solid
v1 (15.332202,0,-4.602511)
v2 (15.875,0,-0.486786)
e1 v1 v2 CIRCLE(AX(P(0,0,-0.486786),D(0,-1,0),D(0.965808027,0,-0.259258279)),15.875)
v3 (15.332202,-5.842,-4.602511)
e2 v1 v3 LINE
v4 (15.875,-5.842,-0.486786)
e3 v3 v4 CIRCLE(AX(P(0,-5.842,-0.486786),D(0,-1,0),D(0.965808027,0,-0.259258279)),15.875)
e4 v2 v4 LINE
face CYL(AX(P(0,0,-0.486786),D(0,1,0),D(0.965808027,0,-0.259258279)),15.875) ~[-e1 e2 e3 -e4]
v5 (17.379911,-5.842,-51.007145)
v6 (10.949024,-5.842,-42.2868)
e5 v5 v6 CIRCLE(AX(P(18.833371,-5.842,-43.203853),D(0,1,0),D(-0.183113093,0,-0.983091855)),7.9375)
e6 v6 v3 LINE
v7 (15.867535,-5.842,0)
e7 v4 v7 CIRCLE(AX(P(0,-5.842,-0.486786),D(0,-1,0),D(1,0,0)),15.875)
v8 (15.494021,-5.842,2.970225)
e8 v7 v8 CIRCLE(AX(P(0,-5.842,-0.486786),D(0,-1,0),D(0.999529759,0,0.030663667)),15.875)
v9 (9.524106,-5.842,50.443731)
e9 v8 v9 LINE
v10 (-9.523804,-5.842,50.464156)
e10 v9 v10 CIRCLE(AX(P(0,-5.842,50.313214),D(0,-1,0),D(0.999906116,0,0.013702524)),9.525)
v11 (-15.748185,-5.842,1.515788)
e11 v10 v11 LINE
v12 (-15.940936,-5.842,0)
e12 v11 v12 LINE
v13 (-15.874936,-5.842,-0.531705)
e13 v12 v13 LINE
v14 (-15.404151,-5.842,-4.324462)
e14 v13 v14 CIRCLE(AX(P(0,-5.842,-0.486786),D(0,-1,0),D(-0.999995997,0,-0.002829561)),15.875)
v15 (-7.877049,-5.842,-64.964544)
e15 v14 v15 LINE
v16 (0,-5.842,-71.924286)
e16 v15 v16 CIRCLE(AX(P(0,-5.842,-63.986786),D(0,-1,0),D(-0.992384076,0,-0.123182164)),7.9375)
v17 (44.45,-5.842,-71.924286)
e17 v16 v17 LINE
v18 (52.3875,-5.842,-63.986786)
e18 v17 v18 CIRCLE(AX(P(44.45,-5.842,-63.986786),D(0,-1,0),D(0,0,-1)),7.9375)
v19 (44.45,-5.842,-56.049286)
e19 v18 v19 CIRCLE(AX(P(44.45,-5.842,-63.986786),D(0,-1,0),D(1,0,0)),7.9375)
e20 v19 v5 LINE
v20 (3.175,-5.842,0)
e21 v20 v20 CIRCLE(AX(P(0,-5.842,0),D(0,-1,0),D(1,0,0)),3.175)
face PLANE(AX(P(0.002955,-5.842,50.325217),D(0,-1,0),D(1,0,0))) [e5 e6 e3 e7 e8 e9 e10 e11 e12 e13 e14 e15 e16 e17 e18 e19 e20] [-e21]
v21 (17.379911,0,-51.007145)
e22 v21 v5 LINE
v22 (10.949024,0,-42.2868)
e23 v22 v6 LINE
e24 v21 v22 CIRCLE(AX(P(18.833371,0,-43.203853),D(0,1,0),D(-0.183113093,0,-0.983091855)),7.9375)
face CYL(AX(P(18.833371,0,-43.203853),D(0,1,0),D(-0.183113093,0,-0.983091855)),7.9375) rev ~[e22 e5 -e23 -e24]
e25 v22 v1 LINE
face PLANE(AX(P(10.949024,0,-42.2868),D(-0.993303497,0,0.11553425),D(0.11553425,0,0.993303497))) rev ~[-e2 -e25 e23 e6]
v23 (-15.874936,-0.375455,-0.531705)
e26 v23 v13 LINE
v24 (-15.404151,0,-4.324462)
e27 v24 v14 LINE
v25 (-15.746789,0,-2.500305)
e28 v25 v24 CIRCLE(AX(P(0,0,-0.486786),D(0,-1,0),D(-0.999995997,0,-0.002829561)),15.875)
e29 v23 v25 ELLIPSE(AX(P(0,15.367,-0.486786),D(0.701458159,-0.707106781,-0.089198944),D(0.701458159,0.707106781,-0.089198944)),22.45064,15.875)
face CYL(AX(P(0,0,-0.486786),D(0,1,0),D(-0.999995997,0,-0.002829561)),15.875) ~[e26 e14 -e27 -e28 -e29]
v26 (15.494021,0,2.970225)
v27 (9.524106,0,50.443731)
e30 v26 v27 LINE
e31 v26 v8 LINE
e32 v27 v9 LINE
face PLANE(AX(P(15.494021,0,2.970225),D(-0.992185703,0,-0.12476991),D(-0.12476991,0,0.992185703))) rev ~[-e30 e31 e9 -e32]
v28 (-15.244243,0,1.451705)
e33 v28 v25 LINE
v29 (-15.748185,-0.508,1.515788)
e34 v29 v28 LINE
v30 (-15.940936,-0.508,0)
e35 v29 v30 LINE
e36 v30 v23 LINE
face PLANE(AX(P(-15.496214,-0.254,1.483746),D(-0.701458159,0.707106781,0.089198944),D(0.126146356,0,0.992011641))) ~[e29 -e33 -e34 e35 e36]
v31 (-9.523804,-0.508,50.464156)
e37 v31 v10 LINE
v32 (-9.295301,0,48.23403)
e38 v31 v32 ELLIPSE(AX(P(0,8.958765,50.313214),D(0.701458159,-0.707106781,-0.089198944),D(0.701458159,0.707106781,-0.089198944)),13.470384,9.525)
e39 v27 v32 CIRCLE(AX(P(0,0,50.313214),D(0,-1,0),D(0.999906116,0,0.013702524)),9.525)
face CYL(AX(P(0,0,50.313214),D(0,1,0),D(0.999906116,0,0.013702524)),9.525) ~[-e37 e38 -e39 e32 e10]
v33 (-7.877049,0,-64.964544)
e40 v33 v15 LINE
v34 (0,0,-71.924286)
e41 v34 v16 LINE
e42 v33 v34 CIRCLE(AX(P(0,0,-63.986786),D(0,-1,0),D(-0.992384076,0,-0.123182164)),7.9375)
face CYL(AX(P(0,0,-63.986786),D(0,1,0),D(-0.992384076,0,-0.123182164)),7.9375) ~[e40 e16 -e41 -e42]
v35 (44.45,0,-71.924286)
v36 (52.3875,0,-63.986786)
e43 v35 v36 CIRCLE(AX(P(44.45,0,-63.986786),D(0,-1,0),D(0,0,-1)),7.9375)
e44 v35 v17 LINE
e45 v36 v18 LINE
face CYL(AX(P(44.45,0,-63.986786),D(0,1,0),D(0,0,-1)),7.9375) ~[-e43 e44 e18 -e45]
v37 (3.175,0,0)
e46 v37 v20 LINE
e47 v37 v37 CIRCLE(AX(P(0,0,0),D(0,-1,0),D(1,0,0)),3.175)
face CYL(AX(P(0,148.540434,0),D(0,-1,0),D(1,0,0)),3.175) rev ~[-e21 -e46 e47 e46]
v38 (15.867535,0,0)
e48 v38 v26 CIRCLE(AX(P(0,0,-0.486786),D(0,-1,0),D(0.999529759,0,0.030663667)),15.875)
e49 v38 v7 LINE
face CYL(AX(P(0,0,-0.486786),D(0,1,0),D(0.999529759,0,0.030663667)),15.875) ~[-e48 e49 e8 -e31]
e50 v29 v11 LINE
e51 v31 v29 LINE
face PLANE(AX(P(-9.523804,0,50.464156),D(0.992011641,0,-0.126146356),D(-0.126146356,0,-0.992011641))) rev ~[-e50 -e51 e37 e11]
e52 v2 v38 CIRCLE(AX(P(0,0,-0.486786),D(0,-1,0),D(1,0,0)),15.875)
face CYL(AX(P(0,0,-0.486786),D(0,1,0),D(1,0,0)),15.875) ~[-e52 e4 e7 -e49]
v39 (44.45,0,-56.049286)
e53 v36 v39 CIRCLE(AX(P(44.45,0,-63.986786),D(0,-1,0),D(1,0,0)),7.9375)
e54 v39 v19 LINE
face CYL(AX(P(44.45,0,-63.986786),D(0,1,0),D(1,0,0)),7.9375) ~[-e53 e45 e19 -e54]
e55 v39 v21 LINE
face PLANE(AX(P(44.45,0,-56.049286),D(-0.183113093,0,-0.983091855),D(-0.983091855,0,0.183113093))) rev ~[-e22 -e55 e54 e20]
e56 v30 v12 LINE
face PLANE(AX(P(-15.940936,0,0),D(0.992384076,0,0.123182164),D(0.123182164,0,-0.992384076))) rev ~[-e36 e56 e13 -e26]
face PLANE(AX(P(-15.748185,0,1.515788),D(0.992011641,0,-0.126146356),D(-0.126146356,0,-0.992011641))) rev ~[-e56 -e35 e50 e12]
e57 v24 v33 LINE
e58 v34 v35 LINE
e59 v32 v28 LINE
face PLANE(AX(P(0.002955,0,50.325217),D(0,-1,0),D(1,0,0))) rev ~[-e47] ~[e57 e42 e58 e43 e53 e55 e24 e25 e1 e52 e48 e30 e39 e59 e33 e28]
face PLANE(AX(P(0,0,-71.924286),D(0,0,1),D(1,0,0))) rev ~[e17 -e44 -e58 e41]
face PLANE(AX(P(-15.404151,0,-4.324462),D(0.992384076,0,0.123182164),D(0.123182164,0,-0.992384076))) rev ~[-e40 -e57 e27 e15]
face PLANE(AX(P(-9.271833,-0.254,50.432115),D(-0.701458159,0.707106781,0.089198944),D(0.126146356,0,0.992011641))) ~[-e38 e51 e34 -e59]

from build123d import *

# Parameters (mm, degrees)
F1_DEPTH = 5.842
F3_D     = 6.35
F4_SIZE  = 0.508


with BuildPart() as f1:
    # F0 (on Front) → F1 (new body)
    with BuildSketch(Plane.XZ):
        with BuildLine():
            ThreePointArc((-9.5238039492, 50.4641557941), (-0.0754731213, 40.7885133075), (9.525, 50.3132142901))
            ThreePointArc((9.525, 50.3132142901), (9.5247764361, 50.3784740944), (9.524105755, 50.4437308352))
            ThreePointArc((9.524105755, 50.4437308352), (0.0102135943, 59.8382088142), (-9.5238039492, 50.4641557941))
        make_face()
        with BuildLine():
            ThreePointArc((9.524105755, 50.4437308352), (9.5247764361, 50.3784740944), (9.525, 50.3132142901))
            ThreePointArc((9.525, 50.3132142901), (-0.0754731213, 40.7885133075), (-9.5238039492, 50.4641557941))
            Line((-9.5238039492, 50.4641557941), (-15.7481848278, 1.515787542))
            ThreePointArc((-15.7481848278, 1.515787542), (-0.7382390734, 15.3710397423), (15.4940214613, 2.9702251313))
            Line((15.4940214613, 2.9702251313), (9.524105755, 50.4437308352))
        make_face()
        with BuildLine():
            Line((15.8675349274, 0), (15.4940214613, 2.9702251313))
            ThreePointArc((15.4940214613, 2.9702251313), (-0.7382390734, 15.3710397423), (-15.7481848278, 1.515787542))
            ThreePointArc((-15.7481848278, 1.515787542), (-15.8446680698, 0.4940908149), (-15.8749364489, -0.5317049948))
            Line((-15.8749364489, -0.5317049948), (-15.404151012, -4.3244616471))
            ThreePointArc((-15.404151012, -4.3244616471), (-0.1436036046, -16.3611361849), (15.332202426, -4.602510891))
            Line((15.332202426, -4.602510891), (15.8675349274, 0))
        make_face()
        with BuildLine():
            ThreePointArc((15.8675349274, 0), (15.7509480386, 1.4939366044), (15.4940214613, 2.9702251313))
            Line((15.4940214613, 2.9702251313), (15.8675349274, 0))
        make_face()
        with BuildLine():
            ThreePointArc((-15.8749364489, -0.5317049948), (-15.8446680698, 0.4940908149), (-15.7481848278, 1.515787542))
            Line((-15.7481848278, 1.515787542), (-15.9409356657, 0))
            Line((-15.9409356657, 0), (-15.8749364489, -0.5317049948))
        make_face()
        with BuildLine():
            ThreePointArc((15.875, -0.4867857099), (15.8731336221, -0.2433642366), (15.8675349274, 0))
            Line((15.8675349274, 0), (15.332202426, -4.602510891))
            ThreePointArc((15.332202426, -4.602510891), (15.7387156165, -2.5624677046), (15.875, -0.4867857099))
        make_face()
        with BuildLine():
            Line((-15.404151012, -4.3244616471), (-15.8749364489, -0.5317049948))
            ThreePointArc((-15.8749364489, -0.5317049948), (-15.7540972084, -2.4423025589), (-15.404151012, -4.3244616471))
        make_face()
        with BuildLine():
            Line((10.9490243725, -42.2867999584), (15.332202426, -4.602510891))
            ThreePointArc((15.332202426, -4.602510891), (-0.1436036046, -16.3611361849), (-15.404151012, -4.3244616471))
            Line((-15.404151012, -4.3244616471), (-7.8770486042, -64.9645441344))
            ThreePointArc((-7.8770486042, -64.9645441344), (-0.4898126958, -56.0644129735), (7.9375, -63.9867857099))
            ThreePointArc((7.9375, -63.9867857099), (5.6126600757, -69.5994457855), (0, -71.9242857099))
            Line((0, -71.9242857099), (44.45, -71.9242857099))
            ThreePointArc((44.45, -71.9242857099), (36.5125, -63.9867857099), (44.45, -56.0492857099))
            Line((44.45, -56.0492857099), (17.3799107009, -51.0071446685))
            ThreePointArc((17.3799107009, -51.0071446685), (12.4451190536, -47.9149192836), (10.9490243725, -42.2867999584))
        make_face()
        with BuildLine():
            ThreePointArc((7.9375, -63.9867857099), (-0.4898126958, -56.0644129735), (-7.8770486042, -64.9645441344))
            ThreePointArc((-7.8770486042, -64.9645441344), (-5.2556136062, -69.9350990735), (0, -71.9242857099))
            ThreePointArc((0, -71.9242857099), (5.6126600757, -69.5994457855), (7.9375, -63.9867857099))
        make_face()
        with BuildLine():
            ThreePointArc((52.3875, -63.9867857099), (50.0626600757, -58.3741256342), (44.45, -56.0492857099))
            ThreePointArc((44.45, -56.0492857099), (36.5125, -63.9867857099), (44.45, -71.9242857099))
            ThreePointArc((44.45, -71.9242857099), (50.0626600757, -69.5994457855), (52.3875, -63.9867857099))
        make_face()
    extrude(amount=F1_DEPTH)

    # F3 (through all)
    with Locations(Plane(origin=(0, 0, 0), x_dir=(-1, 0, 0), z_dir=(0, 1, 0))):
        with Locations((0, 0)):
            Hole(F3_D / 2)

    # F4
    f4_edges = [f1.edges().sort_by_distance(p)[0] for p in [
        (-12.73237, 0, 25.232078),
    ]]
    chamfer(f4_edges, length=F4_SIZE)


solid = f1.part
